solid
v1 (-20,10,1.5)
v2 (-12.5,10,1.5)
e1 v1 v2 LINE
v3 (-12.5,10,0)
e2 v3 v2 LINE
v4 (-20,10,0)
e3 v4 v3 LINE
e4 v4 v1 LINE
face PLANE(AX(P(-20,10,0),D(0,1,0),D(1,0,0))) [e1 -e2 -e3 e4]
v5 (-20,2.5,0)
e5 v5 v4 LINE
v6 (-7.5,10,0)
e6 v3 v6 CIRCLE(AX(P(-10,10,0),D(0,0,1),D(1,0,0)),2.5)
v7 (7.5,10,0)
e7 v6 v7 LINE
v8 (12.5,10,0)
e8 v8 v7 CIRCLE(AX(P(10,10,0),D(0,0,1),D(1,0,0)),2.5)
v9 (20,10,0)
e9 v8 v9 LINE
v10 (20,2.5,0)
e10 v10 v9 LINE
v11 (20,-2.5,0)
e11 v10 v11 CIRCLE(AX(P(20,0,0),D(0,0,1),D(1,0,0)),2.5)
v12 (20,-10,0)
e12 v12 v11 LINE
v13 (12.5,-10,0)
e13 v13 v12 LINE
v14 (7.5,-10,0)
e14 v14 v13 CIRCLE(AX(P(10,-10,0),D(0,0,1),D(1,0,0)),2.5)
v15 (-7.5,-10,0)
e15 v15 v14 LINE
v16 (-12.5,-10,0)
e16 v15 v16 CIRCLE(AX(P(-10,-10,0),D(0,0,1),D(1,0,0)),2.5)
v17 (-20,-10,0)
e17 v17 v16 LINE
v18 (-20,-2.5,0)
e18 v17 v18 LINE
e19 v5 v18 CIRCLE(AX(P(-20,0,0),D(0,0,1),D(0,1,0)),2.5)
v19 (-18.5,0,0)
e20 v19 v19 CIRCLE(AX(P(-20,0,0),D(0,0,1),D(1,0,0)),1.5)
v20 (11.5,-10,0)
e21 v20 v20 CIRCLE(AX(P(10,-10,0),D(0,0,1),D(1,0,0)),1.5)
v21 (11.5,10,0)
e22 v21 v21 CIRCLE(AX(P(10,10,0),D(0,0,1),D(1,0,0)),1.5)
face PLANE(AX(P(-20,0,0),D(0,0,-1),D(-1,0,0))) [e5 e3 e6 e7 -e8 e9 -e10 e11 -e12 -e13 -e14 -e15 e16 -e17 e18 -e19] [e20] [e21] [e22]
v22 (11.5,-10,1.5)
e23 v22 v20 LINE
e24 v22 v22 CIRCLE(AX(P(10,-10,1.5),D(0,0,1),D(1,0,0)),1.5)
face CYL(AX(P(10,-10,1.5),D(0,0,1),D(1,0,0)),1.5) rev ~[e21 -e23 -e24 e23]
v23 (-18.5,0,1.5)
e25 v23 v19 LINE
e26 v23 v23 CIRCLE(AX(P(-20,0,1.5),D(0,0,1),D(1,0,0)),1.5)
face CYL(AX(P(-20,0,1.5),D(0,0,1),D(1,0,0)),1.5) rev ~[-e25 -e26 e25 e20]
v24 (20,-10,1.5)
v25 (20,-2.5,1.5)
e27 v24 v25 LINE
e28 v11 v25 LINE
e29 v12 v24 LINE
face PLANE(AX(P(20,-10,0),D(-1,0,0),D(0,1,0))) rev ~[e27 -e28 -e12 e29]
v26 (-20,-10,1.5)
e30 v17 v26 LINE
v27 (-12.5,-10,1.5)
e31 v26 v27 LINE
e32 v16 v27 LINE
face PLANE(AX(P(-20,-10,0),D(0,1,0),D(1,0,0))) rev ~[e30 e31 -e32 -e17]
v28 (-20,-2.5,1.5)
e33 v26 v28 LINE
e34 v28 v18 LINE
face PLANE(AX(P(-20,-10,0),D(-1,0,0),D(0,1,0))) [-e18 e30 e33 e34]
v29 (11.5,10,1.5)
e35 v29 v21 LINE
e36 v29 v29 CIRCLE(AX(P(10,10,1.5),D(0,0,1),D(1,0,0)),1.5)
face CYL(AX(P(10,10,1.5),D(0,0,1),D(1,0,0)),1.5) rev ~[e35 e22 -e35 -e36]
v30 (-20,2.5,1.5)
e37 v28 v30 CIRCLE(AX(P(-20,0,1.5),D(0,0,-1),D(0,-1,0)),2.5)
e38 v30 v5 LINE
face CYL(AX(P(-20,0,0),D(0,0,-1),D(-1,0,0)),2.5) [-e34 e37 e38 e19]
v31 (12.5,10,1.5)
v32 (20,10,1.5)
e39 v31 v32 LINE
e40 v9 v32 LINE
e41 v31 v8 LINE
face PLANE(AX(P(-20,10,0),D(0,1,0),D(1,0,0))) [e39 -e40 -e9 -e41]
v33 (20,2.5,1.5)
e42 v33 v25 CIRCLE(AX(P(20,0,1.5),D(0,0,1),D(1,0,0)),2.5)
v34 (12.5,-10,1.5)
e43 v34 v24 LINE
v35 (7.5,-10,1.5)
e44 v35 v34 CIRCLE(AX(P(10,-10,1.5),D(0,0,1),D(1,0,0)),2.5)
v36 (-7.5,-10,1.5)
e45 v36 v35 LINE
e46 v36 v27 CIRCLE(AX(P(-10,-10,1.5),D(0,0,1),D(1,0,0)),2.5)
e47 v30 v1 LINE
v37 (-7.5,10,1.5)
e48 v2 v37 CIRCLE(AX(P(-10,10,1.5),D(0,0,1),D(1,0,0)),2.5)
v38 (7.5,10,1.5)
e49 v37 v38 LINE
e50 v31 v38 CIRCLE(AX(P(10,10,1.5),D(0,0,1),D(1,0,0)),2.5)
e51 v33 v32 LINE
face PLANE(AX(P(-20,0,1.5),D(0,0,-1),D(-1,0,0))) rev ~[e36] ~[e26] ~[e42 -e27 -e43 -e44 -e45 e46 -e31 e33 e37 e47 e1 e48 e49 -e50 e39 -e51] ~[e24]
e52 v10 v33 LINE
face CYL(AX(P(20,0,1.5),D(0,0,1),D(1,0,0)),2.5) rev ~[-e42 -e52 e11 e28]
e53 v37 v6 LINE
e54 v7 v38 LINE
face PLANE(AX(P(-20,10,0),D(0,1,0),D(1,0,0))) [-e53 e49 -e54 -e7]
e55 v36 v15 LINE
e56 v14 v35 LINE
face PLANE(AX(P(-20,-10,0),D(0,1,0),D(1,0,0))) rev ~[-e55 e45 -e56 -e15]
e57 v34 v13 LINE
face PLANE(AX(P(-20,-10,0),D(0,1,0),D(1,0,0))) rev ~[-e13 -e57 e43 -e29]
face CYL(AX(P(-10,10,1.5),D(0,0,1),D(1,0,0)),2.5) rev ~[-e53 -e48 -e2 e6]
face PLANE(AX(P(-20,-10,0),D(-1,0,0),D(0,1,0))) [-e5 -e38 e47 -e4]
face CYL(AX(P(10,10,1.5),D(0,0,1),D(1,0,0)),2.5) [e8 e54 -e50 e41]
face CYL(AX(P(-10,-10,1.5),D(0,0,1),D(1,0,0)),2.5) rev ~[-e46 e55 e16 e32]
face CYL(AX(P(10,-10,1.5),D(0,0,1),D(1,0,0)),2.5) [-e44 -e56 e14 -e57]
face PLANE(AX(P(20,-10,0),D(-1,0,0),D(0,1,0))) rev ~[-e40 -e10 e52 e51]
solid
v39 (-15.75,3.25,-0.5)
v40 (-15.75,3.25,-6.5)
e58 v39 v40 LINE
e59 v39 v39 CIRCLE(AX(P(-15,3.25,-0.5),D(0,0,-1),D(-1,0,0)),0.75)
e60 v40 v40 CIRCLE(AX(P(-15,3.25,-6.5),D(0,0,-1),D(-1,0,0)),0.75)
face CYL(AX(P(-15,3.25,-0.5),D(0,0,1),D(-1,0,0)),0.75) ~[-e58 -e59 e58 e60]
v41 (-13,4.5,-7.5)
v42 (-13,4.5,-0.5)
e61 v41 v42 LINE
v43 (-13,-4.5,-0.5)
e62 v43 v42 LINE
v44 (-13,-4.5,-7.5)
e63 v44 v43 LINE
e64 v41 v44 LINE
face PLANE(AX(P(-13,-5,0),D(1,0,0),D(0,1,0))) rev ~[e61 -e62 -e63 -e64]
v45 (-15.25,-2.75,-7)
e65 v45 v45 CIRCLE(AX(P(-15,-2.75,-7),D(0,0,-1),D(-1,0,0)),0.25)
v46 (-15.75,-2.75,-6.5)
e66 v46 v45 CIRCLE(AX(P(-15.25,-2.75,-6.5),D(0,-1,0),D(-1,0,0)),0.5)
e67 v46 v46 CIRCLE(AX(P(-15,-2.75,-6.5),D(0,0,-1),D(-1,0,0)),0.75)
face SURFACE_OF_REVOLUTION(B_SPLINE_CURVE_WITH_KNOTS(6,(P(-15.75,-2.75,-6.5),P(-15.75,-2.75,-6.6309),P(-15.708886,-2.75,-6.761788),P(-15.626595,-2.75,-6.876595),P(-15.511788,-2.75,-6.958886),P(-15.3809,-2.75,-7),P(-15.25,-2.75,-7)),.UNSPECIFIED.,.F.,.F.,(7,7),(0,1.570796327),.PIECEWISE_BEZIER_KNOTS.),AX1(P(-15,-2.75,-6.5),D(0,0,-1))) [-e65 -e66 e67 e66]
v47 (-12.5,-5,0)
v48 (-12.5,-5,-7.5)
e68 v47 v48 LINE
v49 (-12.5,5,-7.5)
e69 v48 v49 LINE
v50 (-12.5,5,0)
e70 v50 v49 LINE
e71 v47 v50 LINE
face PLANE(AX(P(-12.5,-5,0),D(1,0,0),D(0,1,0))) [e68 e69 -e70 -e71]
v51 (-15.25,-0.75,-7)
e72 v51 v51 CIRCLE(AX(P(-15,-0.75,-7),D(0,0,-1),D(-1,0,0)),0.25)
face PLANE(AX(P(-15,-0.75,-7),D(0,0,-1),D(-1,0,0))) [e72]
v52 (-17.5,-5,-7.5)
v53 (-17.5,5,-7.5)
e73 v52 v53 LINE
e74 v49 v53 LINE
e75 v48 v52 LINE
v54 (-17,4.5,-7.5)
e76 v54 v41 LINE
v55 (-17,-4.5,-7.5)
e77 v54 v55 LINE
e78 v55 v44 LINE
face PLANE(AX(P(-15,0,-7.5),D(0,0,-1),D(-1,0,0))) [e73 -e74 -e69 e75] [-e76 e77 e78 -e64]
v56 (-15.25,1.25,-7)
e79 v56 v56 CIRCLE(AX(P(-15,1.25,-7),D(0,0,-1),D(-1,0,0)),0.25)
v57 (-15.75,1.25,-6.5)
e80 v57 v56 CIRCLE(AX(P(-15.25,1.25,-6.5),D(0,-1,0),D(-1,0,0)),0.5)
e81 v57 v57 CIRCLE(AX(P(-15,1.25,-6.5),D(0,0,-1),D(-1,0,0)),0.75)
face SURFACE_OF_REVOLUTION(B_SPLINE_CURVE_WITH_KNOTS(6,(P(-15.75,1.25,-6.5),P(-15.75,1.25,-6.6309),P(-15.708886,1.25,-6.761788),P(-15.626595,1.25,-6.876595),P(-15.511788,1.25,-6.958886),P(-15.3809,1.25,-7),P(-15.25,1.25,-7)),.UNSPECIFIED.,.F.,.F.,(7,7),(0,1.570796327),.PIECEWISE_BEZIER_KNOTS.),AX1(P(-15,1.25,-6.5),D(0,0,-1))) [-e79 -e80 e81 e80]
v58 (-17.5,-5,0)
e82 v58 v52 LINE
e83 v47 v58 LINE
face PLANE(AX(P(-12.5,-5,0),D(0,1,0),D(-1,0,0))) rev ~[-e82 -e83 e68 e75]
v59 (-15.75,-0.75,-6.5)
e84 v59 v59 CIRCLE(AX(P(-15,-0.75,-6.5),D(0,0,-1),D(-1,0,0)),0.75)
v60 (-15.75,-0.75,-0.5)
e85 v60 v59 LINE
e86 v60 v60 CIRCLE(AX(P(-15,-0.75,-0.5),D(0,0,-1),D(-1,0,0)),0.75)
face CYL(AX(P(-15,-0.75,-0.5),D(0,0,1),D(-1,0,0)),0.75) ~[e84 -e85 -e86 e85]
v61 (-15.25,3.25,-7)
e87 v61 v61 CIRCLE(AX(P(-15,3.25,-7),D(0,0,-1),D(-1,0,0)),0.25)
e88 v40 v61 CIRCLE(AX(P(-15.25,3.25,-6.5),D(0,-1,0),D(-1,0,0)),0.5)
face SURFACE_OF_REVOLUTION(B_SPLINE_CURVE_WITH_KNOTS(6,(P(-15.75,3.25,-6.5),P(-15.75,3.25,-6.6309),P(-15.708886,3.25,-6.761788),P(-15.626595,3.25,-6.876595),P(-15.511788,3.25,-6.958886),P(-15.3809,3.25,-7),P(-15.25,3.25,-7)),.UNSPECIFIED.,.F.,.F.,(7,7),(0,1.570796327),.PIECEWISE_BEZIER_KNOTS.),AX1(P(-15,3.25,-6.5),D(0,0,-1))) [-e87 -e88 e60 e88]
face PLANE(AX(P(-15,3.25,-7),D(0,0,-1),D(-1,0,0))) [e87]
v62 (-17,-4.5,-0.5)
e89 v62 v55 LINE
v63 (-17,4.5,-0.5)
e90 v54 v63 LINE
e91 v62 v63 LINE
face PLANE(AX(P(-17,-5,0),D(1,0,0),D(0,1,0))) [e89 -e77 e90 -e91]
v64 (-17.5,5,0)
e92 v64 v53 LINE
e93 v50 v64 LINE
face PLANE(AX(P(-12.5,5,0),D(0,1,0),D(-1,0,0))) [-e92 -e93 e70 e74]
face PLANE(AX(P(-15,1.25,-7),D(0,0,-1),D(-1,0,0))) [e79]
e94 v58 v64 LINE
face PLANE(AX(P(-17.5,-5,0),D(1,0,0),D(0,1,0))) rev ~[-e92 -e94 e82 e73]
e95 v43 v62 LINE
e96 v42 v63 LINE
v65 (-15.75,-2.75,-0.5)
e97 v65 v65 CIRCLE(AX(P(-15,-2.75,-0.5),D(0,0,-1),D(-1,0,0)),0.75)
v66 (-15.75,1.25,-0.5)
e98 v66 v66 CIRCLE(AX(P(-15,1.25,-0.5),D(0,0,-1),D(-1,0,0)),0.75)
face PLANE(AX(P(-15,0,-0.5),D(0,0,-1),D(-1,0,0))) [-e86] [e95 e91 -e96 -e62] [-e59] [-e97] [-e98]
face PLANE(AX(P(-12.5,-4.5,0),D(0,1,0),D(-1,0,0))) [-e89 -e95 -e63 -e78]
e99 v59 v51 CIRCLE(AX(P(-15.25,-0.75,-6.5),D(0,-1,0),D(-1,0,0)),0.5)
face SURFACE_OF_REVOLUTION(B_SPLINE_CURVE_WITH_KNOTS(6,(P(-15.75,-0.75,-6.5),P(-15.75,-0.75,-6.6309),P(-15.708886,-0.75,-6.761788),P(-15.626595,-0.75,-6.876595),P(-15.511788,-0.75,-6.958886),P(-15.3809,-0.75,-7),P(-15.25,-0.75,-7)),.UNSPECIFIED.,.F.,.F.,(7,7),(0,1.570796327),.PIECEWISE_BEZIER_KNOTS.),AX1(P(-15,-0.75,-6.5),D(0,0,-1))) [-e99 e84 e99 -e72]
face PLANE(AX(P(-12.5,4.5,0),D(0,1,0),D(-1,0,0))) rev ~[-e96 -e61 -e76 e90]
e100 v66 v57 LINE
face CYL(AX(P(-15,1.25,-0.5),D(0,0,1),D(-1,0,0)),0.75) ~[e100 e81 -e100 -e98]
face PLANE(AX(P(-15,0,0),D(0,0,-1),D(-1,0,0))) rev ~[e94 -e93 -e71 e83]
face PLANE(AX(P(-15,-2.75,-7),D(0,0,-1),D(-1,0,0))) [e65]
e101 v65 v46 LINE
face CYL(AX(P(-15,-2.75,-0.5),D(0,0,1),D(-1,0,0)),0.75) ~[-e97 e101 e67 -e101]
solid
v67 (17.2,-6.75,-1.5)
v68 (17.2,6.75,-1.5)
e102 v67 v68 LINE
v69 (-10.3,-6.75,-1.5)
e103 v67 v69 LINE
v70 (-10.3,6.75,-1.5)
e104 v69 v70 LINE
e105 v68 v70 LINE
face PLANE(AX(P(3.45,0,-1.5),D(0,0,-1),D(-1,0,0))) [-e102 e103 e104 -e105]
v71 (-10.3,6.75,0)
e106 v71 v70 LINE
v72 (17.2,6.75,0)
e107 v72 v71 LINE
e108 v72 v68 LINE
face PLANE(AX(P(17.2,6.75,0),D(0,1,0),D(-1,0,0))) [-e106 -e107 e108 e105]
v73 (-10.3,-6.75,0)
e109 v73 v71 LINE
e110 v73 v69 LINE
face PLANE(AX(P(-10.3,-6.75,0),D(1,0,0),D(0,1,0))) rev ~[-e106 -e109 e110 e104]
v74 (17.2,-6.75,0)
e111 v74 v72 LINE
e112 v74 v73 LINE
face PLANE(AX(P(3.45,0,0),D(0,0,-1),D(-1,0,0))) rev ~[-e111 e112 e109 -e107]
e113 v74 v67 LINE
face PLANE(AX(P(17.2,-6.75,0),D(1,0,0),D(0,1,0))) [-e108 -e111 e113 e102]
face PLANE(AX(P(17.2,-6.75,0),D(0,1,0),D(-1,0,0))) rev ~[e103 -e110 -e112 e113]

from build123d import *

# Parameters (mm, degrees)
SKIZZE1_W                       = 40
SKIZZE1_H                       = 20
AUFSATZ_LINEAR_AUSTRAGEN1_DEPTH = 1.5
SKIZZE2_R                       = 2.5
SCHNITT_LINEAR_AUSTRAGEN1_DEPTH = 2.5
SKIZZE3_R                       = 2.5
SCHNITT_LINEAR_AUSTRAGEN2_DEPTH = 2.5
SKIZZE4_R                       = 2.5
AUFSATZ_LINEAR_AUSTRAGEN2_DEPTH = 1.5
SKIZZE5_R                       = 2.5
AUFSATZ_LINEAR_AUSTRAGEN3_DEPTH = 1.5
SKIZZE6_R                       = 1.5
SCHNITT_LINEAR_AUSTRAGEN3_DEPTH = 2.5
SKIZZE7_W                       = 27.5
SKIZZE7_H                       = 13.5
AUFSATZ_LINEAR_AUSTRAGEN4_DEPTH = 1.5
SKIZZE8_W                       = 5
SKIZZE8_H                       = 10
AUFSATZ_LINEAR_AUSTRAGEN5_DEPTH = 7.5
WANDUNG1_T                      = -0.5
SKIZZE10_R                      = 0.75
AUFSATZ_LINEAR_AUSTRAGEN6_DEPTH = 6.5
VERRUNDUNG1_R                   = 0.5


with BuildPart() as part:
    # Skizze1 → Aufsatz-Linear austragen1 (new body)
    with BuildSketch(Plane.XY):
        Rectangle(SKIZZE1_W, SKIZZE1_H)
    extrude(amount=AUFSATZ_LINEAR_AUSTRAGEN1_DEPTH)

    # Skizze2 → Schnitt-Linear austragen1 (cut, through all)
    with BuildSketch(Plane.XY.offset(1.5)):
        with Locations((20, 0)):
            Circle(SKIZZE2_R)
    extrude(amount=-SCHNITT_LINEAR_AUSTRAGEN1_DEPTH, mode=Mode.SUBTRACT)

    # Skizze3 → Schnitt-Linear austragen2 (cut, through all)
    with BuildSketch(Plane.XY.offset(1.5)):
        with Locations((-10, 10)):
            Circle(SKIZZE3_R)
        with Locations((-10, -10)):
            Circle(SKIZZE3_R)
    extrude(amount=-SCHNITT_LINEAR_AUSTRAGEN2_DEPTH, mode=Mode.SUBTRACT)

    # Skizze4 → Aufsatz-Linear austragen2 (add)
    with BuildSketch(Plane.XY.offset(1.5)):
        with Locations((10, 10)):
            Circle(SKIZZE4_R)
        with Locations((10, -10)):
            Circle(SKIZZE4_R)
    extrude(amount=-AUFSATZ_LINEAR_AUSTRAGEN2_DEPTH)

    # Skizze5 → Aufsatz-Linear austragen3 (add)
    with BuildSketch(Plane(origin=(0, 0, 0), x_dir=(-1, 0, 0), z_dir=(0, 0, -1))):
        with Locations((20, 0)):
            Circle(SKIZZE5_R)
    extrude(amount=-AUFSATZ_LINEAR_AUSTRAGEN3_DEPTH)

    # Skizze6 → Schnitt-Linear austragen3 (cut, through all)
    with BuildSketch(Plane.XY.offset(1.5)):
        with Locations((-20, 0)):
            Circle(SKIZZE6_R)
        with Locations((10, 10)):
            Circle(SKIZZE6_R)
        with Locations((10, -10)):
            Circle(SKIZZE6_R)
    extrude(amount=-SCHNITT_LINEAR_AUSTRAGEN3_DEPTH, mode=Mode.SUBTRACT)


with BuildPart() as body_2:
    # Skizze7 → Aufsatz-Linear austragen4 (new body)
    with BuildSketch(Plane(origin=(0, 0, 0), x_dir=(-1, 0, 0), z_dir=(0, 0, -1))):
        with Locations((-3.45, 0)):
            Rectangle(SKIZZE7_W, SKIZZE7_H)
    extrude(amount=AUFSATZ_LINEAR_AUSTRAGEN4_DEPTH)


with BuildPart() as body_3:
    # Skizze8 → Aufsatz-Linear austragen5 (new body)
    with BuildSketch(Plane(origin=(0, 0, 0), x_dir=(-1, 0, 0), z_dir=(0, 0, -1))):
        with Locations((15, 0)):
            Rectangle(SKIZZE8_W, SKIZZE8_H)
    extrude(amount=AUFSATZ_LINEAR_AUSTRAGEN5_DEPTH)

    # Wandung1
    wandung1_openings = [body_3.faces().sort_by_distance(p)[0] for p in [
        (-15, 0, -7.5),
    ]]
    offset(amount=WANDUNG1_T, openings=wandung1_openings, kind=Kind.INTERSECTION)

    # Skizze10 → Aufsatz-Linear austragen6 (add)
    with BuildSketch(Plane(origin=(0, 0, -0.5), x_dir=(-1, 0, 0), z_dir=(0, 0, -1))):
        with Locations((15, -2.75)):
            Circle(SKIZZE10_R)
        with Locations((15, -0.75)):
            Circle(SKIZZE10_R)
        with Locations((15, 1.25)):
            Circle(SKIZZE10_R)
        with Locations((15, 3.25)):
            Circle(SKIZZE10_R)
    extrude(amount=AUFSATZ_LINEAR_AUSTRAGEN6_DEPTH)

    # Verrundung1
    verrundung1_edges = [body_3.edges().sort_by_distance(p)[0] for p in [
        (-14.25, -2.75, -7),
        (-14.25, -0.75, -7),
        (-14.25, 1.25, -7),
        (-14.25, 3.25, -7),
    ]]
    fillet(verrundung1_edges, radius=VERRUNDUNG1_R)


solid = Compound([part.part, body_2.part, body_3.part])
